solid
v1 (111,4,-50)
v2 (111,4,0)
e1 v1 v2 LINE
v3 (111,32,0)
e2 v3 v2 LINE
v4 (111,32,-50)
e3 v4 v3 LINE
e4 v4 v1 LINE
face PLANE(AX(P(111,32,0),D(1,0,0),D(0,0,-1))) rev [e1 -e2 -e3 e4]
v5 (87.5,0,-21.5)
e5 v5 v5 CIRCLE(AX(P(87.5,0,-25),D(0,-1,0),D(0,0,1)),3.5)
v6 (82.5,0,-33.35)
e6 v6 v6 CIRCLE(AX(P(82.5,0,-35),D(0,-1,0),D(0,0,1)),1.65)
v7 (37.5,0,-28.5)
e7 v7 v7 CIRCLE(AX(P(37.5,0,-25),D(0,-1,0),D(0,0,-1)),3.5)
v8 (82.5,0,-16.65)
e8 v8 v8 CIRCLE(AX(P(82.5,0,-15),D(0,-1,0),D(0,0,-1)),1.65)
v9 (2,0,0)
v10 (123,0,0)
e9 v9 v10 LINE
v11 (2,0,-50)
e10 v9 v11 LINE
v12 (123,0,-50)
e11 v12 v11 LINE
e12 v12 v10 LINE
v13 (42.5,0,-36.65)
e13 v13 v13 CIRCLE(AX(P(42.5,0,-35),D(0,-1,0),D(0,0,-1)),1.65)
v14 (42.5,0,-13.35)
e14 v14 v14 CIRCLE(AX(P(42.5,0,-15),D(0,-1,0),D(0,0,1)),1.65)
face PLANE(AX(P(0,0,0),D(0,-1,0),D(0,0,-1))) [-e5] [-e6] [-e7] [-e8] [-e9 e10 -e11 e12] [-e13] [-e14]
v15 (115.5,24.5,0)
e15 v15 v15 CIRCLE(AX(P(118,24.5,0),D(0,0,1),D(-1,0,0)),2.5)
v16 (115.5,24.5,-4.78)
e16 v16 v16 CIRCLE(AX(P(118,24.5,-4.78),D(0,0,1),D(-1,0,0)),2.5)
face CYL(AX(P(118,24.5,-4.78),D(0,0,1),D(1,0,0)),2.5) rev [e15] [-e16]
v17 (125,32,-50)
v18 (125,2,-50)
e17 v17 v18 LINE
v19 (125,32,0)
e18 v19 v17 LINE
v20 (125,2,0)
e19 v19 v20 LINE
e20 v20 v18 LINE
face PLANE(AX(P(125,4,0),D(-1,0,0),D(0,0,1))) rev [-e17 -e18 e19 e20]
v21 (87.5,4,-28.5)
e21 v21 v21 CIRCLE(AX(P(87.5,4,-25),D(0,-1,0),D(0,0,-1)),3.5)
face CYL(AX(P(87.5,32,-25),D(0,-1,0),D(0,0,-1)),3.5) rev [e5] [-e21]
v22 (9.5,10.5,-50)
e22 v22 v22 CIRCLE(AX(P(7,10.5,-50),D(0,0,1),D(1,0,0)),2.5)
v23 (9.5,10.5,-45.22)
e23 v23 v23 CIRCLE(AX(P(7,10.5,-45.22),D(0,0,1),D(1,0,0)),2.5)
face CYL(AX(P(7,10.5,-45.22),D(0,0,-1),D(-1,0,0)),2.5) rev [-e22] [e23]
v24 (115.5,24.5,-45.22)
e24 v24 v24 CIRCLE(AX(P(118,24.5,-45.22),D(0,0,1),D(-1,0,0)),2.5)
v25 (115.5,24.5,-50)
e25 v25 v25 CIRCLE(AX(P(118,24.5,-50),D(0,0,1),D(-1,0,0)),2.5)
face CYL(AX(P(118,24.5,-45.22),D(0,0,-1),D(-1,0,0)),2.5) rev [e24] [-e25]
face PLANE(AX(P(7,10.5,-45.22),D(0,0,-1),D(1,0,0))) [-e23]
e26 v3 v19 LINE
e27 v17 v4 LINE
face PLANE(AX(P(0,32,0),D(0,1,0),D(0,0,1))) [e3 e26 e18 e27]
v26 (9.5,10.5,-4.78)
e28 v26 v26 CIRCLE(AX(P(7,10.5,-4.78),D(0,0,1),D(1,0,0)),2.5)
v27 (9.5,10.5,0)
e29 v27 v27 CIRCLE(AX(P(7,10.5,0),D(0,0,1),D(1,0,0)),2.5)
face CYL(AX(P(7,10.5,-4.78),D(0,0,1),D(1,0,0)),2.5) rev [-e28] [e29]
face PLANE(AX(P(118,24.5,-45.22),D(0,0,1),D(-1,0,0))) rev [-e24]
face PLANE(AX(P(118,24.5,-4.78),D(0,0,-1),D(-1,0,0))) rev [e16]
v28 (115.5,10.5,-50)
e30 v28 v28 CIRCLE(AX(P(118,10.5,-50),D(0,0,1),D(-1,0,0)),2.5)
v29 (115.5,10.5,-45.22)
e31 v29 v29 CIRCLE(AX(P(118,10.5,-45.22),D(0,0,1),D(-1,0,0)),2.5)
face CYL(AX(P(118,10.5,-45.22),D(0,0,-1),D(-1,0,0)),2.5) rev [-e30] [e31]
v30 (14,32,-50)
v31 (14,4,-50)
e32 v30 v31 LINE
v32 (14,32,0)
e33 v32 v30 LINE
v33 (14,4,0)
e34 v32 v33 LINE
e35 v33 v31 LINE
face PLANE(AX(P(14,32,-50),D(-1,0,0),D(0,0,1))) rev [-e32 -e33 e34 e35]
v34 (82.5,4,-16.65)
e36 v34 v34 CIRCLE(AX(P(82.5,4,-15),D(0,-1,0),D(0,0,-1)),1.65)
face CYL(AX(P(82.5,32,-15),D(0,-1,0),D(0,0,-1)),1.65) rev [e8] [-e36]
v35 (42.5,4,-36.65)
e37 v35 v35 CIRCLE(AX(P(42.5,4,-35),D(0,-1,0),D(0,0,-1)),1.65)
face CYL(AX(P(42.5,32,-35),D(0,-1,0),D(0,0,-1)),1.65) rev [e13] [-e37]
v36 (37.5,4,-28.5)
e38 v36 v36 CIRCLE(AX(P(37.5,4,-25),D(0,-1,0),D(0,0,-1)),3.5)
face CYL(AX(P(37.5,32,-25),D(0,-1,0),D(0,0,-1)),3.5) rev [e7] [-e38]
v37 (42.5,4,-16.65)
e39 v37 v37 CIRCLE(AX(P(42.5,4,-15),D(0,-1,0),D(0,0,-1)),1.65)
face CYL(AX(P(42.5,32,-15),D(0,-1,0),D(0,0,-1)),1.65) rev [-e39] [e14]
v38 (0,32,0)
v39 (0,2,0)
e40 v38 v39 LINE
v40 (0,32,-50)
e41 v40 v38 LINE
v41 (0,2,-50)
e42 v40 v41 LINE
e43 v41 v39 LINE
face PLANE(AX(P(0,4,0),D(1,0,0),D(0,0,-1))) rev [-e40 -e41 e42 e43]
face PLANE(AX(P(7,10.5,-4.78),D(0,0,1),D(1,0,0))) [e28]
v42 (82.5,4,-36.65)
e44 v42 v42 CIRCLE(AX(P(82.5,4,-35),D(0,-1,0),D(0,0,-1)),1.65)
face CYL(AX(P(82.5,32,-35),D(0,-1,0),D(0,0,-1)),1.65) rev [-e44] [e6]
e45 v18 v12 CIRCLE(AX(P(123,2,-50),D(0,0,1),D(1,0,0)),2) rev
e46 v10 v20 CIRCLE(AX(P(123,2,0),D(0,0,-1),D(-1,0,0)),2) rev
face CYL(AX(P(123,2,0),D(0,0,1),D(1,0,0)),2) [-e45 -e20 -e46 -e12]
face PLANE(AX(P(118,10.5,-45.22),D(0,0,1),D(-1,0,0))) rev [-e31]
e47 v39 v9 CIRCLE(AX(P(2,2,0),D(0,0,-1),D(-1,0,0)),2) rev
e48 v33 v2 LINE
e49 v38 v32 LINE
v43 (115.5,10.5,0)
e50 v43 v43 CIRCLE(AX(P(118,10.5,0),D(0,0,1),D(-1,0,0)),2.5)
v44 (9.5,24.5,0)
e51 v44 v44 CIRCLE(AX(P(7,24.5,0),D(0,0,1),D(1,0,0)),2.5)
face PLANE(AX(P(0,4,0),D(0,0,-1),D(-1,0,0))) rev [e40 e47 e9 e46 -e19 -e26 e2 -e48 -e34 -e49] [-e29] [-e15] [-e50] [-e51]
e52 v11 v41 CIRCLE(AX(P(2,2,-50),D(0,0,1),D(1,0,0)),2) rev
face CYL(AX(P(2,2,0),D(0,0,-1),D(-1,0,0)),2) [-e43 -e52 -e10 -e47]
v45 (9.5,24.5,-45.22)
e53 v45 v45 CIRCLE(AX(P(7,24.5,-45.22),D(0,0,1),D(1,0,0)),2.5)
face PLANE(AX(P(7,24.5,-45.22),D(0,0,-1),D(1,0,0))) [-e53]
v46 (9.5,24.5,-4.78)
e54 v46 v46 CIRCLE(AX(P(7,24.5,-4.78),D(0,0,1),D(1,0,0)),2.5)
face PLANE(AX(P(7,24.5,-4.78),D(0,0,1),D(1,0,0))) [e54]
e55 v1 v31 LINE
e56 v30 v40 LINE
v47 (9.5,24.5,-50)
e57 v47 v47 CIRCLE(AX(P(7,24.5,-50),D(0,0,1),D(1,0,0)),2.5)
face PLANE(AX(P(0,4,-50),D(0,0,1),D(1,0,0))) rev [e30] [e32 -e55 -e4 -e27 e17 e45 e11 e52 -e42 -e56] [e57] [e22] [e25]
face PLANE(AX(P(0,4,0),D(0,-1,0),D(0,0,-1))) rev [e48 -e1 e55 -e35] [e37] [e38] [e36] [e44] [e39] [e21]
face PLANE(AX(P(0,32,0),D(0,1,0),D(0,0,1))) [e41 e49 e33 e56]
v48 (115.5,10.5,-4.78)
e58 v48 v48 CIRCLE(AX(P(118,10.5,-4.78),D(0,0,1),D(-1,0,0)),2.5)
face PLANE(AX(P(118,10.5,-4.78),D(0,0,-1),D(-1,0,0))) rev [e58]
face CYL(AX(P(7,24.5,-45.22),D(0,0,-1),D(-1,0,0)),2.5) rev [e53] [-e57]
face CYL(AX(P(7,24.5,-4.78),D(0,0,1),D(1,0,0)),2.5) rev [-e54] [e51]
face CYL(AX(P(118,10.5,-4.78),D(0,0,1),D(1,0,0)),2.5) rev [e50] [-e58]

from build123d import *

# Parameters (mm, degrees)
SKETCH1_W           = 125
SKETCH1_H           = 50
BOSS_EXTRUDE1_DEPTH = 4
SKETCH2_W           = 14
SKETCH2_H           = 50
BOSS_EXTRUDE2_DEPTH = 28
SKETCH3_R           = 2.5
CUT_EXTRUDE1_DEPTH  = 4.78
SKETCH4_R           = 1.65
SKETCH4_R_2         = 3.5
CUT_EXTRUDE2_DEPTH  = 33
FILLET1_R           = 2


with BuildPart() as part:
    # Sketch1 → Boss-Extrude1 (new body)
    with BuildSketch(Plane(origin=(0, 0, 0), x_dir=(1, 0, 0), z_dir=(0, 1, 0))):
        with Locations((62.5, 25)):
            Rectangle(SKETCH1_W, SKETCH1_H)
    extrude(amount=BOSS_EXTRUDE1_DEPTH)

    # Sketch2 → Boss-Extrude2 (add)
    with BuildSketch(Plane(origin=(0, 4, 0), x_dir=(1, 0, 0), z_dir=(0, 1, 0))):
        with Locations((7, 25)):
            Rectangle(SKETCH2_W, SKETCH2_H)
        with Locations((118, 25)):
            Rectangle(SKETCH2_W, SKETCH2_H)
    extrude(amount=BOSS_EXTRUDE2_DEPTH)

    # Sketch3 → Cut-Extrude1 (cut)
    with BuildSketch(Plane.XY):
        with Locations((7, 24.5)):
            Circle(SKETCH3_R)
        with Locations((7, 10.5)):
            Circle(SKETCH3_R)
        with Locations((118, 10.5)):
            Circle(SKETCH3_R)
        with Locations((118, 24.5)):
            Circle(SKETCH3_R)
    cut_extrude1 = extrude(amount=-CUT_EXTRUDE1_DEPTH, mode=Mode.SUBTRACT)

    # Mirror1: Cut-Extrude1 across plane
    add(cut_extrude1.mirror(Plane.XY.offset(-25)), mode=Mode.SUBTRACT)

    # Sketch4 → Cut-Extrude2 (cut, through all)
    with BuildSketch(Plane.XZ):
        with Locations((82.5, -15)):
            Circle(SKETCH4_R)
        with Locations((42.5, -15)):
            Circle(SKETCH4_R)
        with Locations((82.5, -35)):
            Circle(SKETCH4_R)
        with Locations((42.5, -35)):
            Circle(SKETCH4_R)
        with Locations((37.5, -25)):
            Circle(SKETCH4_R_2)
        with Locations((87.5, -25)):
            Circle(SKETCH4_R_2)
    extrude(amount=-CUT_EXTRUDE2_DEPTH, mode=Mode.SUBTRACT)

    # Fillet1
    fillet1_edges = [part.edges().sort_by_distance(p)[0] for p in [
        (125, 0, -25),
        (0, 0, -25),
    ]]
    fillet(fillet1_edges, radius=FILLET1_R)


solid = part.part
